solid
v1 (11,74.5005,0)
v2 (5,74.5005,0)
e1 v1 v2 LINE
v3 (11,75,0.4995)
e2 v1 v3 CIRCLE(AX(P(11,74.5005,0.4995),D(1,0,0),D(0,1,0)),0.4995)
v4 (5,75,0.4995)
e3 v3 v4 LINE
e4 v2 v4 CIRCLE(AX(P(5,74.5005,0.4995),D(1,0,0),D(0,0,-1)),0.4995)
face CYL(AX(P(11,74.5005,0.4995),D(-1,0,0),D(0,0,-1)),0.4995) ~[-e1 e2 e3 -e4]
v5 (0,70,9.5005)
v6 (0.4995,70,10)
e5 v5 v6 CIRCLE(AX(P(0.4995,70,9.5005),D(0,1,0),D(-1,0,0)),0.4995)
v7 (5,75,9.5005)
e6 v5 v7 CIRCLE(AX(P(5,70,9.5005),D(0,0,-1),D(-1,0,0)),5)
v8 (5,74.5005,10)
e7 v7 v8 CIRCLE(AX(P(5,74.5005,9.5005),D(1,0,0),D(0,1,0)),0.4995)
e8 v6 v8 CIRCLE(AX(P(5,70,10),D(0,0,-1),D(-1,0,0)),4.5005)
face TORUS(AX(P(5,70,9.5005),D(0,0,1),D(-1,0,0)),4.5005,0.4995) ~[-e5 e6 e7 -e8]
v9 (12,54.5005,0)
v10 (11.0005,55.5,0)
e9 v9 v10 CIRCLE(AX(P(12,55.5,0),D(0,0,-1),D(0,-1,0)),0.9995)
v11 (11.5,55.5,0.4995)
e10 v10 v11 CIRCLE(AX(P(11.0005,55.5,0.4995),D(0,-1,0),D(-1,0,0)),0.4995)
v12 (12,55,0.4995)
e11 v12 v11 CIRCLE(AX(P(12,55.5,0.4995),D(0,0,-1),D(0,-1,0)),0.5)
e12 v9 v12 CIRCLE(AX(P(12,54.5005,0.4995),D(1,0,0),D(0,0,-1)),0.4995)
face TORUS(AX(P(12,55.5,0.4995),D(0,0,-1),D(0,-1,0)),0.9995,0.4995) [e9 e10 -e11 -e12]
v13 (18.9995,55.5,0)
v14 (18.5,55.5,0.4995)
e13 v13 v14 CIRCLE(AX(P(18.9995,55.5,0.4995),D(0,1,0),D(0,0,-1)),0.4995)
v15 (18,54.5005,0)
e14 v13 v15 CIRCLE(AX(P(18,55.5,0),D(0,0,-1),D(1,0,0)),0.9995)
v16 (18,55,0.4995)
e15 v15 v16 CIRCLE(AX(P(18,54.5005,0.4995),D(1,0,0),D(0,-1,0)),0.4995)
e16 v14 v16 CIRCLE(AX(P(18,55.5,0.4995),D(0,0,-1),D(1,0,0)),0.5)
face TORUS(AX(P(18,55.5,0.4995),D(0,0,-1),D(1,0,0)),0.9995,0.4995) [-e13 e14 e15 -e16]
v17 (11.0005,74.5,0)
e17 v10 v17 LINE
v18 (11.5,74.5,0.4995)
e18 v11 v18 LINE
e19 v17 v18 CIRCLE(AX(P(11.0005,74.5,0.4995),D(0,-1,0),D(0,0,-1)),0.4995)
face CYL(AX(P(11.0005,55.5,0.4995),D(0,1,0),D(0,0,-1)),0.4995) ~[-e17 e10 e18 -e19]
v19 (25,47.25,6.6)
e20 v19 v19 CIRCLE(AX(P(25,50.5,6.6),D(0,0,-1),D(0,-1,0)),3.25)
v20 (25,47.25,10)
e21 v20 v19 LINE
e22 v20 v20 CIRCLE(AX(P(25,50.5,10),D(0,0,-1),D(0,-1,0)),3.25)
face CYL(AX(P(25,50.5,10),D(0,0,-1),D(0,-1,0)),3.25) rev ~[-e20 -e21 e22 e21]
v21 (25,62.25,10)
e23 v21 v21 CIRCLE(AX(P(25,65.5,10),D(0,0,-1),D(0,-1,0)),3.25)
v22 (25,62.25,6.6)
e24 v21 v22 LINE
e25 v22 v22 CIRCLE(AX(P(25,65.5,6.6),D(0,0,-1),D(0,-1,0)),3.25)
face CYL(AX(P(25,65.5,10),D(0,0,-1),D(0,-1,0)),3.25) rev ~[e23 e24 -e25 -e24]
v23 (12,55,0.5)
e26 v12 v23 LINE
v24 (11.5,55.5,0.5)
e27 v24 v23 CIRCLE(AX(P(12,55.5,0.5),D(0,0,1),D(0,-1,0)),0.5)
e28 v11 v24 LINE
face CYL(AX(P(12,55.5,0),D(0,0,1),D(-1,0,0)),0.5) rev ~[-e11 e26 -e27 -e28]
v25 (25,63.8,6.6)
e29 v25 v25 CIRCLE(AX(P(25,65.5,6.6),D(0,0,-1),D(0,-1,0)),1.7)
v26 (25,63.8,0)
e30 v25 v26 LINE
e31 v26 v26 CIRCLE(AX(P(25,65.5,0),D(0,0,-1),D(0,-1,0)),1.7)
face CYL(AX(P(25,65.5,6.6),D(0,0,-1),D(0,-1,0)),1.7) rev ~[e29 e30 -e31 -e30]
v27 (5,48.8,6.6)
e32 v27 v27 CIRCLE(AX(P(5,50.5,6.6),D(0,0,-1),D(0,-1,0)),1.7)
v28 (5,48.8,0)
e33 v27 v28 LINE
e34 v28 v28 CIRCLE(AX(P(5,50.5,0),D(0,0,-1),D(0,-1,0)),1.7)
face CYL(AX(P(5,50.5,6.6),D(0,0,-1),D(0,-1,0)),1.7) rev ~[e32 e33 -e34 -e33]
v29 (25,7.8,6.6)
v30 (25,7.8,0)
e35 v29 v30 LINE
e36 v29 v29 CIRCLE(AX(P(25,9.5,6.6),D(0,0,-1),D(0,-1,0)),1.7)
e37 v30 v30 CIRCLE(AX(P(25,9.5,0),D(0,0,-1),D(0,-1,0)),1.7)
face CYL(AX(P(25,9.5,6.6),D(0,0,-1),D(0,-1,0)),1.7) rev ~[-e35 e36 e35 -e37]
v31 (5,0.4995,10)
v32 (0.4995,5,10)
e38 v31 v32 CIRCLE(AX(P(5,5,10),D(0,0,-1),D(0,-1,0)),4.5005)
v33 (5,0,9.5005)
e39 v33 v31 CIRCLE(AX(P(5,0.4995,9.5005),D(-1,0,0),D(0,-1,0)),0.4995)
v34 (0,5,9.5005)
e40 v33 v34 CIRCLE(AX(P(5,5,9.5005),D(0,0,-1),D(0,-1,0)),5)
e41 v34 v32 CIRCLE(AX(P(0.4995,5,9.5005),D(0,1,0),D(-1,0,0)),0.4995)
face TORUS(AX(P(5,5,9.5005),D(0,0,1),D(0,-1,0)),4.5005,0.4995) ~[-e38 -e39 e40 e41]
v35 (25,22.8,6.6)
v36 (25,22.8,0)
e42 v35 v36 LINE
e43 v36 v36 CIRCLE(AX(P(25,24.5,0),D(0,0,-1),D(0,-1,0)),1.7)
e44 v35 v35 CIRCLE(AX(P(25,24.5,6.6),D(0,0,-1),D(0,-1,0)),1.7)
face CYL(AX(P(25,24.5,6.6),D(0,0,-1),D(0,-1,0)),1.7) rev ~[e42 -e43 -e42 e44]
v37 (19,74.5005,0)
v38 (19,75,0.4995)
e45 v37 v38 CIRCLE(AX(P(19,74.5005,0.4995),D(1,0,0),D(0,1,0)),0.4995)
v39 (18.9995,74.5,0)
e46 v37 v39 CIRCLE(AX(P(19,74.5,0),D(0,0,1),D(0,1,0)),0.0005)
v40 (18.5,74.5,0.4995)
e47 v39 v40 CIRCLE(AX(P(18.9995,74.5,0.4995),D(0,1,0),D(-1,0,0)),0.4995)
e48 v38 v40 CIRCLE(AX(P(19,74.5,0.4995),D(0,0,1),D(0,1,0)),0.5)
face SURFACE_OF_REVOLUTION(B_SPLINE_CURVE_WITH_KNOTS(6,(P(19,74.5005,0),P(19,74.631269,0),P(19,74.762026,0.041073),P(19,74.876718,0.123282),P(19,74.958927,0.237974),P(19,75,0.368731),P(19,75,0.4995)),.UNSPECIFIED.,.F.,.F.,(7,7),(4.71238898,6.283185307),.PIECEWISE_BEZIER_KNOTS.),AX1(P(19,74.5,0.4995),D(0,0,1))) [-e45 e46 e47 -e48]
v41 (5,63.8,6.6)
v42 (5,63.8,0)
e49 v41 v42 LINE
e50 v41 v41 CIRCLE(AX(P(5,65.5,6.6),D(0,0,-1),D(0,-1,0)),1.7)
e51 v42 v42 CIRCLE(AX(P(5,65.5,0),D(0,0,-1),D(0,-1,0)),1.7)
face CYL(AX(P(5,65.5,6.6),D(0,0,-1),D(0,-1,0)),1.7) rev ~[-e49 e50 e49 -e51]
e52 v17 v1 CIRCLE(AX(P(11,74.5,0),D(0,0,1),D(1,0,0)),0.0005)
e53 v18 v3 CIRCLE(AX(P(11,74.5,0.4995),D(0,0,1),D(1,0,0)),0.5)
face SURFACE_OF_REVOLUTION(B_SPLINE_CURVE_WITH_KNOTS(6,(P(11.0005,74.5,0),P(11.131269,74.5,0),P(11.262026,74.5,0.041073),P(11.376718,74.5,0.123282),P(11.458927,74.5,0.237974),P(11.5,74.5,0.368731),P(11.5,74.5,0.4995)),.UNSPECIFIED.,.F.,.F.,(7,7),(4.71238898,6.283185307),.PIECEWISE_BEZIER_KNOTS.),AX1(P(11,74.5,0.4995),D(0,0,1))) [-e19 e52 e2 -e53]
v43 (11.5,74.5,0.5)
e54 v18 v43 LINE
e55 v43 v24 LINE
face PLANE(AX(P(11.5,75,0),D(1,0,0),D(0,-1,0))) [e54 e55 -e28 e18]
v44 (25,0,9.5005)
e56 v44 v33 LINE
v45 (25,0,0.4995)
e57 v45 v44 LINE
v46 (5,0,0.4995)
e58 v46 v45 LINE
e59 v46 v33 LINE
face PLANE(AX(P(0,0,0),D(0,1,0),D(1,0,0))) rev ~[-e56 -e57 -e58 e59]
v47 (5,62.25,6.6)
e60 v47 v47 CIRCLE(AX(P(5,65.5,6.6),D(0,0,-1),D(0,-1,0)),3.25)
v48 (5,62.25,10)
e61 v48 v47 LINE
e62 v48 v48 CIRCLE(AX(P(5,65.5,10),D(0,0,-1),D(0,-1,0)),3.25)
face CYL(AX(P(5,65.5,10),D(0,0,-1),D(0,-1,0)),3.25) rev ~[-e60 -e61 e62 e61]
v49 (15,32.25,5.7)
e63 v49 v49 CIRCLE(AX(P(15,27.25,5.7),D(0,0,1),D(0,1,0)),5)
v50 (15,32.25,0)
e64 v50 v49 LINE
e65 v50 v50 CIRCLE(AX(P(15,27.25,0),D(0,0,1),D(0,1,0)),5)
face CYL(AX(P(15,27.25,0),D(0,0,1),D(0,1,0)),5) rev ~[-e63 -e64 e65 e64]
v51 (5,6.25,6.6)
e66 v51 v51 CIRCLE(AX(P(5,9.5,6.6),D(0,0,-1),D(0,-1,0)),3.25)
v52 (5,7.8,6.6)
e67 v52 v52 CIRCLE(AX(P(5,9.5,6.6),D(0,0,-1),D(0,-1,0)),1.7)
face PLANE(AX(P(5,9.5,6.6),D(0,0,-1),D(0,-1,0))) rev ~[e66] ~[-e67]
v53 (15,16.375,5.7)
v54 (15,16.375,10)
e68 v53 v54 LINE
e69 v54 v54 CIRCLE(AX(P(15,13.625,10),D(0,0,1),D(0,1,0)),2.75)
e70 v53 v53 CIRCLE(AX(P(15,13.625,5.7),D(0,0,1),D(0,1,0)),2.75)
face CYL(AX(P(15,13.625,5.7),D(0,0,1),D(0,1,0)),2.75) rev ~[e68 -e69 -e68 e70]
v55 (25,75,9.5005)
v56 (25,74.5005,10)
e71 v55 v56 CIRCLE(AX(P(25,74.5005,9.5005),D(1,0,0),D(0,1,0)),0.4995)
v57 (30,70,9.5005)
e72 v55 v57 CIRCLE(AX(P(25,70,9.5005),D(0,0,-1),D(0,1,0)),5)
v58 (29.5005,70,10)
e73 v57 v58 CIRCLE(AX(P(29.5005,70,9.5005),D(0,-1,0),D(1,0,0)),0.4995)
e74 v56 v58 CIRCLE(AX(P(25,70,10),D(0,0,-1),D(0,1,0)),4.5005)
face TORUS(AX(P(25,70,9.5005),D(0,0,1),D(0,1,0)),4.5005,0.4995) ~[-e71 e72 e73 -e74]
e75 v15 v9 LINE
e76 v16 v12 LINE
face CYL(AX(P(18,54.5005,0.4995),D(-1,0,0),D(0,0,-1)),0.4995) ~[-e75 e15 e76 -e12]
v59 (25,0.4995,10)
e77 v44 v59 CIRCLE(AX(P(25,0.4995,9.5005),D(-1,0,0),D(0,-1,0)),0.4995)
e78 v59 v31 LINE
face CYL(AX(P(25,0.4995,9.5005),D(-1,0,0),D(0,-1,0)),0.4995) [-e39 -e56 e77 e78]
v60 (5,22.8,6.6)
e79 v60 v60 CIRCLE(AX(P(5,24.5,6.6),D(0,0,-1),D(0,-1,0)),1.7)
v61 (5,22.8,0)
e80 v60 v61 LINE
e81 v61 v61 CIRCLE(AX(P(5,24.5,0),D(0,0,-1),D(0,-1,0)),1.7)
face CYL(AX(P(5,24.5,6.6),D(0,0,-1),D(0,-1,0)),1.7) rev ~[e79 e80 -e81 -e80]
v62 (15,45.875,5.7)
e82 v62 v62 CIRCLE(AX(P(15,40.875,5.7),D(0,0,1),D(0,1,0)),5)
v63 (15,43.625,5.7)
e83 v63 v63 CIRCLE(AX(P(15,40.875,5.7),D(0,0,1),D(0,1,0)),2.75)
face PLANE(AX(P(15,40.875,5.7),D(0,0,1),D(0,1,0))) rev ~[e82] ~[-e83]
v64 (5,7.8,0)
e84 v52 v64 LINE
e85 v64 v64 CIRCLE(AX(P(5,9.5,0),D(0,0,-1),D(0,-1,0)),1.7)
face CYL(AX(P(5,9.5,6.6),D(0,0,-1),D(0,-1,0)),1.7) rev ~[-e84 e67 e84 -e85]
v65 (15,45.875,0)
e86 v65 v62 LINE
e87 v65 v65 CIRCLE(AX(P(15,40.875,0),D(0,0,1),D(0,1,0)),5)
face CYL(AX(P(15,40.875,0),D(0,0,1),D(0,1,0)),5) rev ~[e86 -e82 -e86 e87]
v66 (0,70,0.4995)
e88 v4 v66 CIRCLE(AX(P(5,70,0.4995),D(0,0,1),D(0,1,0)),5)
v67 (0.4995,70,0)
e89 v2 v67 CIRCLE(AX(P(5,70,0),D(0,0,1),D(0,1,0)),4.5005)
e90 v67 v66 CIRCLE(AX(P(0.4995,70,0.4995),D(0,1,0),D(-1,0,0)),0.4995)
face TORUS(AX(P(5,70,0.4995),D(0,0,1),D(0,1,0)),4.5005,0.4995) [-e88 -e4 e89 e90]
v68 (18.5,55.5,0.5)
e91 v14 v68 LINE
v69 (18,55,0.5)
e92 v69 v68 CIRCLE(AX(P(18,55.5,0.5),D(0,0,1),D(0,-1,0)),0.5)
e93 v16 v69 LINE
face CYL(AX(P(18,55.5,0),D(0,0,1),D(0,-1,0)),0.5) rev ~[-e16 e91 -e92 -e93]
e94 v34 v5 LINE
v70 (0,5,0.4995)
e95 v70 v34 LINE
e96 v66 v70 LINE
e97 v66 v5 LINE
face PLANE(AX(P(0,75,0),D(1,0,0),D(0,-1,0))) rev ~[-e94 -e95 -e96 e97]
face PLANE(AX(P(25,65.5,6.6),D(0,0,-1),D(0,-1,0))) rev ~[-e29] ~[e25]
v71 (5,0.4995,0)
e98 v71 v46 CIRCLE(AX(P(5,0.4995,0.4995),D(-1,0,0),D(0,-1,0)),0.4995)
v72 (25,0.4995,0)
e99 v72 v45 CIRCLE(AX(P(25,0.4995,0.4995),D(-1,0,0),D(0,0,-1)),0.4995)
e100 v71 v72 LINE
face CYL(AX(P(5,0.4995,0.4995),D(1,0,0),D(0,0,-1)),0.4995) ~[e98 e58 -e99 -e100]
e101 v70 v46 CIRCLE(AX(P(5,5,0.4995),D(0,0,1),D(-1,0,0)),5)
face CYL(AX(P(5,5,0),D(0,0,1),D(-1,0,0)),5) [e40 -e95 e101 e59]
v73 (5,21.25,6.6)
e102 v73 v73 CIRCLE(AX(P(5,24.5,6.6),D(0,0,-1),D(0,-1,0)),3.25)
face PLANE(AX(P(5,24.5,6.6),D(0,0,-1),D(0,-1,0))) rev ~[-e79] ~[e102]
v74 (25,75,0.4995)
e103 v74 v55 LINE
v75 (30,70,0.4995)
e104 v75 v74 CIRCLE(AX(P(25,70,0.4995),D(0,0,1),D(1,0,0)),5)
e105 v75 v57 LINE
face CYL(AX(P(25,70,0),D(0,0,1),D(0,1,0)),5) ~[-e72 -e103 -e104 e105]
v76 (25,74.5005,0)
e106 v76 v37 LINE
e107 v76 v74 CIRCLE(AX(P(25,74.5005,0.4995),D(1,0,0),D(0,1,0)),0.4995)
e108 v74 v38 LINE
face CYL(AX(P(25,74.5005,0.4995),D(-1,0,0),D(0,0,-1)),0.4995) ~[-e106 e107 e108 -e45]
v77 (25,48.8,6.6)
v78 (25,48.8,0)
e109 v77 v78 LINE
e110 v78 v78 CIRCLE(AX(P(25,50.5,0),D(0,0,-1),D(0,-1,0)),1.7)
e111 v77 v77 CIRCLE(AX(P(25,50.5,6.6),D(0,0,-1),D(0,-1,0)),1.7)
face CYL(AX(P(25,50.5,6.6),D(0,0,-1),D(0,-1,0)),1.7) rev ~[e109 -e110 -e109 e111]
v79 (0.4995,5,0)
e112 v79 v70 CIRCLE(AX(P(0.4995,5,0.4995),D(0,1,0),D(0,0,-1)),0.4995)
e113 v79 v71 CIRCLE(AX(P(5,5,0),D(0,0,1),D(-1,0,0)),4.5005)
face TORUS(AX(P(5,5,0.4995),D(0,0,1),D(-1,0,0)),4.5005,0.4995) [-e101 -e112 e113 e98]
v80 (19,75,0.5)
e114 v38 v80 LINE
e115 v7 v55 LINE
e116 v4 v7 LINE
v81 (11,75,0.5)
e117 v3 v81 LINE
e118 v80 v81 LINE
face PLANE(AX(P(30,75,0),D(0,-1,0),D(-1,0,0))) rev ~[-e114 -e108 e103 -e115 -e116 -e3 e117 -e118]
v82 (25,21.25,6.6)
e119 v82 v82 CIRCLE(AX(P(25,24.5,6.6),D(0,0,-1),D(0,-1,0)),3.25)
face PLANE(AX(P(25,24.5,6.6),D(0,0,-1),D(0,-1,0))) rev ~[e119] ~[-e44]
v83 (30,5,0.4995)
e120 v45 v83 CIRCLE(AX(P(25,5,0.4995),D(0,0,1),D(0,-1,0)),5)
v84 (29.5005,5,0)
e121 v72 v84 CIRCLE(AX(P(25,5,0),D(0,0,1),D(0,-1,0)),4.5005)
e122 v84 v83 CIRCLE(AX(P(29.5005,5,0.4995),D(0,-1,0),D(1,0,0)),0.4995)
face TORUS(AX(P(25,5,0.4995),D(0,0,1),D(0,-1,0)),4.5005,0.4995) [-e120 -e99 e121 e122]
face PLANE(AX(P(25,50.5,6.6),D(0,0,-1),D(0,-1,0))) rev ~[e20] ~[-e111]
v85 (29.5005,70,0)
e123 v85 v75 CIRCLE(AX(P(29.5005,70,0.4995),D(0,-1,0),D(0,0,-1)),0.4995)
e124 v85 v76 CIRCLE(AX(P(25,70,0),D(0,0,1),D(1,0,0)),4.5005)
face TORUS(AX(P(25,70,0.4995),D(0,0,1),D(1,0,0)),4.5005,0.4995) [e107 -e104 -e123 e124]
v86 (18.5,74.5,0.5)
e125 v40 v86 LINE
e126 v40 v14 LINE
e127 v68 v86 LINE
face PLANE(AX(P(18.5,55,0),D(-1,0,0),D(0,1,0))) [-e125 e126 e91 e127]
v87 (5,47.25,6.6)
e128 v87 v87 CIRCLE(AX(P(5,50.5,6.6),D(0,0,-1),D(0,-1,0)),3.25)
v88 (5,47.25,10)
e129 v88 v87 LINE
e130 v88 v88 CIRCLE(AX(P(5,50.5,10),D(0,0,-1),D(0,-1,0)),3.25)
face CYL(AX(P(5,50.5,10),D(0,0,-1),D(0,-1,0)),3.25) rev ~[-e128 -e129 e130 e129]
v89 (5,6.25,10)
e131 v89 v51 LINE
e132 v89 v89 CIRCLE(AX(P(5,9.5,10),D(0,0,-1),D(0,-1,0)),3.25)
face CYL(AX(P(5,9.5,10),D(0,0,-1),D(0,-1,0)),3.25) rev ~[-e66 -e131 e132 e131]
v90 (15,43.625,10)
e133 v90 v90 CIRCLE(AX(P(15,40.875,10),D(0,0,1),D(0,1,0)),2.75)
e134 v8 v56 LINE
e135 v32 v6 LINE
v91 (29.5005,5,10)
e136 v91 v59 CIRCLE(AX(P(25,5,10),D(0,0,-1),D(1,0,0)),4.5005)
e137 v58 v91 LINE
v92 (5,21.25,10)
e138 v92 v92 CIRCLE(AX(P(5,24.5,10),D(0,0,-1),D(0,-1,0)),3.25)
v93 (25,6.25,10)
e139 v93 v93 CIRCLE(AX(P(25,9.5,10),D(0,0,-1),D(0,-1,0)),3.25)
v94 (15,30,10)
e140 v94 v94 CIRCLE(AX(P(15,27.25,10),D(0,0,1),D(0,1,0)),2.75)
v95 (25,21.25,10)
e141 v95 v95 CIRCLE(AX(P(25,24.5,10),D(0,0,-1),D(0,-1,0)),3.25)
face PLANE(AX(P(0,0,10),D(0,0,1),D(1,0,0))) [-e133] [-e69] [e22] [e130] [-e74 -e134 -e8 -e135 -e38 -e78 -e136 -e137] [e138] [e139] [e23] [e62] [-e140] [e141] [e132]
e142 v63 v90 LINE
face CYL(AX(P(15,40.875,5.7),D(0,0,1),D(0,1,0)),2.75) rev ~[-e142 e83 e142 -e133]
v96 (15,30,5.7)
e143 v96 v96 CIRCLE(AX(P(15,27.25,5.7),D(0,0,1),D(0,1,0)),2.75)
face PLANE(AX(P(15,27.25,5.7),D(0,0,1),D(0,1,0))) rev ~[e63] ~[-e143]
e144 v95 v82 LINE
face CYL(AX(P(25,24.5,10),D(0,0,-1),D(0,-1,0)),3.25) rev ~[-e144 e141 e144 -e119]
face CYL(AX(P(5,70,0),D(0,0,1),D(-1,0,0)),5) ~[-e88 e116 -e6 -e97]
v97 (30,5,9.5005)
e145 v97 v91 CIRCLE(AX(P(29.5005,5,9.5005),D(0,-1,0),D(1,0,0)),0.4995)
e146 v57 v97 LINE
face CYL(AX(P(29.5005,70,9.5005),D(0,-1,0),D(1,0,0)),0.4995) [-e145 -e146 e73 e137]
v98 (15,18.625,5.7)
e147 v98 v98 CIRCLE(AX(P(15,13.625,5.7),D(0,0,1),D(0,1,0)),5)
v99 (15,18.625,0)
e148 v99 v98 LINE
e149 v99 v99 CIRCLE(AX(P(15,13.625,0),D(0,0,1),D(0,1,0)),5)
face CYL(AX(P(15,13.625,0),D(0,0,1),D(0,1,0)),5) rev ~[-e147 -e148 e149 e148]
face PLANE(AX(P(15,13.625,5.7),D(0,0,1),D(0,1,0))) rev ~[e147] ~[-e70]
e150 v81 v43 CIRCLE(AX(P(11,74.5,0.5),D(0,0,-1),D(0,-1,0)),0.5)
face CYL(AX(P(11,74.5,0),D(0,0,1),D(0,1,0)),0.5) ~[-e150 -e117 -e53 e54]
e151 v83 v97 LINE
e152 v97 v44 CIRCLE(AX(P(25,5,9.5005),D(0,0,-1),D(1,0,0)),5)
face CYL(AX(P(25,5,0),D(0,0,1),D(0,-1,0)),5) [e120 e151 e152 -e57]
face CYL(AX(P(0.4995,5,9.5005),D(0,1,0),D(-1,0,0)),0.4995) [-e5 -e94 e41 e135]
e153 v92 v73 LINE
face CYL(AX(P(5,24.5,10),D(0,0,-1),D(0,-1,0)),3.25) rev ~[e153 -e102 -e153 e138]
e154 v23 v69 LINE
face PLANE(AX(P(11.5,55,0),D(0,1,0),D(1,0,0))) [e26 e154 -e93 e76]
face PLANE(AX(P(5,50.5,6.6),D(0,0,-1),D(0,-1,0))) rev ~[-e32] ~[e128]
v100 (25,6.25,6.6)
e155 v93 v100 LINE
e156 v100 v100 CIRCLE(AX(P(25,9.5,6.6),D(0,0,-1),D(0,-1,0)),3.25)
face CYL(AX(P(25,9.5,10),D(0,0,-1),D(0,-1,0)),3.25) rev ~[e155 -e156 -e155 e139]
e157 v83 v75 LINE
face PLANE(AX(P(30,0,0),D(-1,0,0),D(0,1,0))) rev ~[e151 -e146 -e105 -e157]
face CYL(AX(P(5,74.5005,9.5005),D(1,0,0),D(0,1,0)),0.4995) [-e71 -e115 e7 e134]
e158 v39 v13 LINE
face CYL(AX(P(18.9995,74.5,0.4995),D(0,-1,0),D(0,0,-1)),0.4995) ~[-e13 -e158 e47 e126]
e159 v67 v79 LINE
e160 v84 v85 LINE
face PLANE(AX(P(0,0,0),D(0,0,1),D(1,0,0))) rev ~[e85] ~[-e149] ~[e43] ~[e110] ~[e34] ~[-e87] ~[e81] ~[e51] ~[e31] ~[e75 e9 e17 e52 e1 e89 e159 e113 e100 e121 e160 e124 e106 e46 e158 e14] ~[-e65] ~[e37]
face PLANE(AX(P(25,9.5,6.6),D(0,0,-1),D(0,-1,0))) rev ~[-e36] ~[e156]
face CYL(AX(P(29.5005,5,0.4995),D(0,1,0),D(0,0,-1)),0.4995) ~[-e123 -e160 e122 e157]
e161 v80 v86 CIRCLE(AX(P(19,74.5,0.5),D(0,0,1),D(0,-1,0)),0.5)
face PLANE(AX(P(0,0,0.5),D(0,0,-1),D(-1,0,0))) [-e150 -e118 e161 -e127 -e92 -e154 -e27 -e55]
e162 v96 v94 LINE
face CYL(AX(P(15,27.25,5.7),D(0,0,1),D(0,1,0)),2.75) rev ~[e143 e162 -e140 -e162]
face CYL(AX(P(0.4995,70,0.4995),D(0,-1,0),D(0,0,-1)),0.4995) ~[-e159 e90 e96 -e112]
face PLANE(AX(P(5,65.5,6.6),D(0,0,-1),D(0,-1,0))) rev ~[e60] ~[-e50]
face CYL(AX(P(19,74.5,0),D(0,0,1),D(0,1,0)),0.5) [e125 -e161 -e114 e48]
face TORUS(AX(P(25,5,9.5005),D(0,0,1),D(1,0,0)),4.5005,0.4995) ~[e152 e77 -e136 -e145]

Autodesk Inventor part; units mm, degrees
ref_plane "YZ Plane" through (0, 0, 0) normal (1, 0, 0) x (0, 1, 0)
ref_plane "XZ Plane" through (0, 0, 0) normal (0, 1, 0) x (-1, 0, 0)
ref_plane "XY Plane" through (0, 0, 0) normal (0, 0, 1) x (1, 0, 0)
sketch "Skizze1" plane through (0, 0, 0) normal (0, 0, 1) x (1, 0, 0)
  line L0 (0, 0) -> (30, 0)
  line L1 (30, 0) -> (30, 75)
  line L2 (30, 75) -> (0, 75)
  line L3 (0, 75) -> (0, 0)
  dimension "d0" = 30
  dimension "d1" = 75
extrude "Extrusion1" add sketch "Skizze1" along normal blind 10
sketch "Skizze2" plane through (0, 0, 10) normal (0, 0, 1) x (1, 0, 0)
  line L0 (5, 65.5) -> (25, 65.5) construction
  line L1 (25, 65.5) -> (25, 50.5) construction
  line L2 (25, 50.5) -> (5, 50.5) construction
  line L3 (5, 50.5) -> (5, 65.5) construction
  line L4 (5, 9.5) -> (25, 9.5) construction
  line L5 (25, 9.5) -> (25, 24.5) construction
  line L6 (25, 24.5) -> (5, 24.5) construction
  line L7 (5, 24.5) -> (5, 9.5) construction
  line L8 (30, 75) -> (0, 75) construction
  line L9 (0, 0) -> (30, 0) construction
  line L10 (15, 65.5) -> (15, 75) construction
  line L11 (15, 50.5) -> (15, 24.5) construction
  dimension "d4" = 9.5
  dimension "d5" = 15
  dimension "d6" = 9.5
  dimension "d7" = 15
  dimension "d8" = 20
hole "Bohrung1" at (5, 65.5, 10) at (25, 65.5, 10) at (25, 50.5, 10) at (5, 50.5, 10) at (5, 24.5, 10) at (25, 24.5, 10) at (25, 9.5, 10) at (5, 9.5, 10) direction (0, 0, -1) diameter 3.4 end through all counterbore diameter 6.5 counterbore depth 3.4 clearance for "Inbusschraube ISO 4762" size "M3" standard "ISO"
sketch "Skizze4" plane through (0, 0, 0) normal (0, 0, -1) x (-1, 0, 0)
  line L0 (-18.5, 75) -> (-11.5, 75)
  line L1 (-11.5, 75) -> (-11.5, 55)
  line L2 (-11.5, 55) -> (-18.5, 55)
  line L3 (-18.5, 55) -> (-18.5, 75)
  line L4 (-30, 75) -> (0, 75) projected
  point P0 (0, 0)
  point P1 (-15, 75)
  dimension "d22" = 20
  dimension "d23" = 7
extrude "Extrusion3" cut sketch "Skizze4" against normal blind 0.5
fillet "Rundung1" radius 5 4 edges at (0, 75, 5) (30, 75, 5) (0, 0, 5) (30, 0, 5)
fillet "Rundung3" radius 0.5 4 edges at (18.5, 75, 0.25) (11.5, 75, 0.25) (18.5, 55, 0.25) (11.5, 55, 0.25)
fillet "Rundung2" radius 0.5 24 edges at (1.4645, 73.5355, 10) (0, 37.5, 10) (1.4645, 1.4645, 10) (15, 0, 10) (28.5355, 1.4645, 10) (30, 37.5, 10) (28.5355, 73.5355, 10) (15, 75, 10) (18.6464, 74.8536, 0) (18.5, 65, 0) (18.3536, 55.1464, 0) (15, 55, 0) (11.6464, 55.1464, 0) (11.5, 65, 0) (11.3536, 74.8536, 0) (8, 75, 0) (1.4645, 73.5355, 0) (0, 37.5, 0) (1.4645, 1.4645, 0) (15, 0, 0) (28.5355, 1.4645, 0) (30, 37.5, 0) (28.5355, 73.5355, 0) (22, 75, 0)
sketch "Skizze5" plane through (0, 0, 0) normal (0, 0, -1) x (-1, 0, 0)
  line L0 (-18, 54.5) -> (-12, 54.5) construction
  line L1 (-15, 54.5) -> (-15, 40.875) construction
  line L2 (-15, 40.875) -> (-15, 27.25) construction
  line L3 (-15, 27.25) -> (-15, 13.625) construction
  line L4 (-15, 13.625) -> (-15, 0) construction
  line L5 (-5, 0) -> (-25, 0) construction
  point P0 (0, 0)
hole "Bohrung2" at (15, 13.625, 0) at (15, 27.25, 0) at (15, 40.875, 0) direction (0, 0, 1) diameter 5.5 end through all counterbore diameter 10 counterbore depth 5.7 clearance for "Inbusschraube ISO 4762" size "M5" standard "ISO"
properties part number "AdapterLinearGuideLong"
